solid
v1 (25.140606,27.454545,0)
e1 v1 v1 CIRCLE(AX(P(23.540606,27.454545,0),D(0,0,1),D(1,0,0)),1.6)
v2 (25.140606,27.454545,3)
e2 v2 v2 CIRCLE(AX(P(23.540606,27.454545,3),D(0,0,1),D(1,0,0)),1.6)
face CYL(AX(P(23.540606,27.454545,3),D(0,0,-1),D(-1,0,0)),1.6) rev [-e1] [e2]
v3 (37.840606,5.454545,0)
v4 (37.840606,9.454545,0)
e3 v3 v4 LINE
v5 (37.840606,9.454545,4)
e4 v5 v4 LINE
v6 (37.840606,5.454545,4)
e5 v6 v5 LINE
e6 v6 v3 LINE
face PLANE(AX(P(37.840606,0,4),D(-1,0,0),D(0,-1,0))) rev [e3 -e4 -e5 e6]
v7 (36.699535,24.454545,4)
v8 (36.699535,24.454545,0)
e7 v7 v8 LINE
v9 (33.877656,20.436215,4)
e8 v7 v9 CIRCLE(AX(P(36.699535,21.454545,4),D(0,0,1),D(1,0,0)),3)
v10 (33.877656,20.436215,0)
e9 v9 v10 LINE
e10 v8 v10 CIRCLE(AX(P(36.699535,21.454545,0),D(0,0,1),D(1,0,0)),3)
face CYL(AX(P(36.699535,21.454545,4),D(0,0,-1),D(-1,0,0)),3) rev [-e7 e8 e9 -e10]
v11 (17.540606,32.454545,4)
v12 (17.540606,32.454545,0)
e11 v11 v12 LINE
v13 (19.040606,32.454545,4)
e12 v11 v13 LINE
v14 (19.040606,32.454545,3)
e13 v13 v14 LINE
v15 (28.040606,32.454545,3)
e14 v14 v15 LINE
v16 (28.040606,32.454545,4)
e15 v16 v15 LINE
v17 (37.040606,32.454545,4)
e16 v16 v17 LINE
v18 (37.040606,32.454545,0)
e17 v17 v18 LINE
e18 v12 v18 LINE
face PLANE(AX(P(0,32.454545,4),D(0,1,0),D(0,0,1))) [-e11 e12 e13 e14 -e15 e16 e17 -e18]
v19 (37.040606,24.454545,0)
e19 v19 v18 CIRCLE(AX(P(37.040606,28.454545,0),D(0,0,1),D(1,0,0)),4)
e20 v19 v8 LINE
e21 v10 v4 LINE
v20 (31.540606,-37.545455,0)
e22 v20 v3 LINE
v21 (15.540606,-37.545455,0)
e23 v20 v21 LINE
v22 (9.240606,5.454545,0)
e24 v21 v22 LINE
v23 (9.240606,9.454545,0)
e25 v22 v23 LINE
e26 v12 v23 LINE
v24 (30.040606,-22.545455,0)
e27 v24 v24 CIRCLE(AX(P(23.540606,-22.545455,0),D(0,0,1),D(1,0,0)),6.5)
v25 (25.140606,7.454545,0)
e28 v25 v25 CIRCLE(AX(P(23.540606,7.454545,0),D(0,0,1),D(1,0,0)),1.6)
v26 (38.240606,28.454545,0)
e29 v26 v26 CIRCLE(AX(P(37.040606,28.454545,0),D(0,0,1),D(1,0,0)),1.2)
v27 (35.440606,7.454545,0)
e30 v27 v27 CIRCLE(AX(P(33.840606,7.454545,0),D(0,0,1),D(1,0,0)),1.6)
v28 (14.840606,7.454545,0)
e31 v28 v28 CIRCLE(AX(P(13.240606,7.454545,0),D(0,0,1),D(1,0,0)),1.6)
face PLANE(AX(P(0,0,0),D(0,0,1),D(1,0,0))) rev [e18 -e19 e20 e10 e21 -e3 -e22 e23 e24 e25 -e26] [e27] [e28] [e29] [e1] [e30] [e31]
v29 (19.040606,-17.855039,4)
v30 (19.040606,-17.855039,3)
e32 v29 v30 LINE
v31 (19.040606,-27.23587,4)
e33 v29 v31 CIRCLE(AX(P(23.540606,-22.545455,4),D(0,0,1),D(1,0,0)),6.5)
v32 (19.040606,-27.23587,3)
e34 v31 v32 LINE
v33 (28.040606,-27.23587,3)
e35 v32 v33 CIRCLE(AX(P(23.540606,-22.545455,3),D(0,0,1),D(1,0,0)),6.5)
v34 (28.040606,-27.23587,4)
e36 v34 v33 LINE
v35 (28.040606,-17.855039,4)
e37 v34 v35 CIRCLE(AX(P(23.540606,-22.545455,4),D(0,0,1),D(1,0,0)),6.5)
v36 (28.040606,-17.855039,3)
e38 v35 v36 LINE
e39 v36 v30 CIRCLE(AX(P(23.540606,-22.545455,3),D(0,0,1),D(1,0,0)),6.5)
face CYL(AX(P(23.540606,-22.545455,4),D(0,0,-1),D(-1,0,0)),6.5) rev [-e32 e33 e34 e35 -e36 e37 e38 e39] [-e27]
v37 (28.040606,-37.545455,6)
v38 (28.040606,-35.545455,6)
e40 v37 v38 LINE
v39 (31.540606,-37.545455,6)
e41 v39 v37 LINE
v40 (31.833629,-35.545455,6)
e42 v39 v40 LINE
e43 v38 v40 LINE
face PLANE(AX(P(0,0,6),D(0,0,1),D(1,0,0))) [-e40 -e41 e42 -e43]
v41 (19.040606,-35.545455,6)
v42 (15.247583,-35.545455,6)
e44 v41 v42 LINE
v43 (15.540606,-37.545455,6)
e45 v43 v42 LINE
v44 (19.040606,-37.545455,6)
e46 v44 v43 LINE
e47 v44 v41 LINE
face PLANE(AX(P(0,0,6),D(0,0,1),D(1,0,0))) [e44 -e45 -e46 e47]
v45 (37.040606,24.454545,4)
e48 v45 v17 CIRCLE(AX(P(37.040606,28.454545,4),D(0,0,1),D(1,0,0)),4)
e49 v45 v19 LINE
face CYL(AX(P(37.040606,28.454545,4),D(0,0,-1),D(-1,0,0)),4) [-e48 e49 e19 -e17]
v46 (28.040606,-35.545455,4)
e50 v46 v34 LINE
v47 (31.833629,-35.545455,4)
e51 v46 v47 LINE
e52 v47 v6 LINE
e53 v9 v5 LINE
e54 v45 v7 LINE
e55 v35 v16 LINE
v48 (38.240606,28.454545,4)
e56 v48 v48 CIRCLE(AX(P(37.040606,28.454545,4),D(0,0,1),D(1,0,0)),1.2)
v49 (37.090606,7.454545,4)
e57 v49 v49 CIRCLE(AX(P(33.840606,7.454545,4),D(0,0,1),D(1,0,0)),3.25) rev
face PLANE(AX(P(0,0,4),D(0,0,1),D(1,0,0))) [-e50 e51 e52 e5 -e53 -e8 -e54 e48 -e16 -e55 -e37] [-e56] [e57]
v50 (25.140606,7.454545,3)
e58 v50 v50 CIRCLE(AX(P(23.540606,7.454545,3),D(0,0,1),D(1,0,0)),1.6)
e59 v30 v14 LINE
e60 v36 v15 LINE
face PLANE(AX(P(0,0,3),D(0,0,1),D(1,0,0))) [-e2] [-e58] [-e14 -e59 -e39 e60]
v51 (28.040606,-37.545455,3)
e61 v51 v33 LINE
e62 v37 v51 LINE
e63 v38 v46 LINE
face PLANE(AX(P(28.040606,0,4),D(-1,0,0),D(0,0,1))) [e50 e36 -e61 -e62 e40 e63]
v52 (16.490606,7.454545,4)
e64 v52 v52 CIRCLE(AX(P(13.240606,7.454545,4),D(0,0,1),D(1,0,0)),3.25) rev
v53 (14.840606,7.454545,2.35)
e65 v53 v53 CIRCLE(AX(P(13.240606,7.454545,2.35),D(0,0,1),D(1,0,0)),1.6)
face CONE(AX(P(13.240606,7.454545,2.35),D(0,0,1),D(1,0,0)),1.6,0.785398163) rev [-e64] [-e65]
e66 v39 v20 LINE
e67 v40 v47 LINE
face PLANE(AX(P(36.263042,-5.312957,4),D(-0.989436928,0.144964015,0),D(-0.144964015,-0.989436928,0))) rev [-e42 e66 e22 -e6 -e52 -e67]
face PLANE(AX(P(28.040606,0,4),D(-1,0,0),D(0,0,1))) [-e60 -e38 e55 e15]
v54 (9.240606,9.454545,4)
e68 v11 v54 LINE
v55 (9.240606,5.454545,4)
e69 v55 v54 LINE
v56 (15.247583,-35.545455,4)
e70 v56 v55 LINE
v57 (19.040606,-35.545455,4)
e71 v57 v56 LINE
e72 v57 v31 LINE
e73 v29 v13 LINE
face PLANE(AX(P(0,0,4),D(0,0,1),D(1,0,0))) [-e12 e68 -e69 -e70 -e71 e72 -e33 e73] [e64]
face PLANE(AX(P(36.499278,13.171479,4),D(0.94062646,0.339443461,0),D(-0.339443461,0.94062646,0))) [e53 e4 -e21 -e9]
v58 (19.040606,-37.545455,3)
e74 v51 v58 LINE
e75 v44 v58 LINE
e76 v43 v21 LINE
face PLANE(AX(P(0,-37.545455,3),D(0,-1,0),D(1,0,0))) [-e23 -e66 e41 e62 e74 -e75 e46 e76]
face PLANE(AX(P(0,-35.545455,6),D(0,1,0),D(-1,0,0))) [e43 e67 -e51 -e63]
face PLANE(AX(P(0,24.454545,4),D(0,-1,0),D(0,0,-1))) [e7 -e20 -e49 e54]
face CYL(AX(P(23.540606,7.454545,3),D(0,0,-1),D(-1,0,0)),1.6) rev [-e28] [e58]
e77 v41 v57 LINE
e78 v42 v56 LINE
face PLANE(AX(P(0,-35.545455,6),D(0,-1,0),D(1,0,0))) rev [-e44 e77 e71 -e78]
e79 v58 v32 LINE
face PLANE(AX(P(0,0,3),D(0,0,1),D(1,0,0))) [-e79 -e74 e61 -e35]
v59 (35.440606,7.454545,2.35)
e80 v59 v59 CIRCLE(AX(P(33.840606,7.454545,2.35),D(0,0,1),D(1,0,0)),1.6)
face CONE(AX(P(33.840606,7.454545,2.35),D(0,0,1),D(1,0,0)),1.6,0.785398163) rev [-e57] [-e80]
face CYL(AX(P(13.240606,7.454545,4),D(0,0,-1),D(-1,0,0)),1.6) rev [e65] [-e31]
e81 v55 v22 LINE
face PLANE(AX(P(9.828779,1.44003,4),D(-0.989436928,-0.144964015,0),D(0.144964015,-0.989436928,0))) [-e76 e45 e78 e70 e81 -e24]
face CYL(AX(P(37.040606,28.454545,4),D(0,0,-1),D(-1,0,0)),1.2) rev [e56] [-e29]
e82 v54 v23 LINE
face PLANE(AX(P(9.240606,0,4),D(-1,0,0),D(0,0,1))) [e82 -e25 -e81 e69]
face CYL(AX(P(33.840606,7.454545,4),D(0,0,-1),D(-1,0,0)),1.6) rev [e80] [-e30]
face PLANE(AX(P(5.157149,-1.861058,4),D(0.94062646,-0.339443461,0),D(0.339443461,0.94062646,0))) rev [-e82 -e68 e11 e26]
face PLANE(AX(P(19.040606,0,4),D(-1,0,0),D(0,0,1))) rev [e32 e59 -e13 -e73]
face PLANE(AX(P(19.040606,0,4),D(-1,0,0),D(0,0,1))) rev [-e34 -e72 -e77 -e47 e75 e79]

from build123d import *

# Parameters (mm, degrees)
MODEL_R           = 1.2
MODEL_R_2         = 1.6
EXTRUDE_1_DEPTH   = 4
EXTRUDE_1_2_DEPTH = 4
MODEL_11_R        = 1.6
EXTRUDE_3_DEPTH   = 3
EXTRUDE_4_DEPTH   = 6
CHAMFER_1_SIZE    = 1.65


with BuildPart() as part:
    # Model → 凸台-拉伸1 (new body)
    with BuildSketch(Plane.XY):
        with BuildLine():
            Line((36.699535099, 24.454545455), (37.040606061, 24.454545455))
            ThreePointArc((37.040606061, 24.454545455), (41.040606061, 28.454545455), (37.040606061, 32.454545455))
            Line((37.040606061, 32.454545455), (28.040606061, 32.454545455))
            Line((28.040606061, 32.454545455), (28.040606061, -17.855038786))
            ThreePointArc((28.040606061, -17.855038786), (30.040606061, -22.545454545), (28.040606061, -27.235870305))
            Line((28.040606061, -27.235870305), (28.040606061, -35.545454545))
            Line((28.04060606, -35.545454545), (31.833629316, -35.545454545))
            Line((31.833629316, -35.545454545), (37.840606061, 5.454545455))
            Line((37.840606061, 5.454545455), (37.840606061, 9.454545455))
            Line((37.840606061, 9.454545455), (33.877655721, 20.43621507))
            ThreePointArc((33.877655721, 20.43621507), (34.244439261, 23.178640702), (36.699535099, 24.454545455))
        make_face()
        with Locations((37.040606061, 28.454545455)):
            Circle(MODEL_R, mode=Mode.SUBTRACT)
        with Locations((33.840606061, 7.454545455)):
            Circle(MODEL_R_2, mode=Mode.SUBTRACT)
    extrude(amount=EXTRUDE_1_DEPTH)



with BuildPart() as body_2:
    # Model → Extrude 1 2 (new body)
    with BuildSketch(Plane.XY):
        with BuildLine():
            Line((19.040606061, -17.855038786), (19.040606061, 32.454545455))
            Line((19.040606061, 32.454545455), (17.540606061, 32.454545455))
            Line((17.540606061, 32.454545455), (9.240606061, 9.454545455))
            Line((9.240606061, 9.454545455), (9.240606061, 5.454545455))
            Line((9.240606061, 5.454545455), (15.247582805, -35.545454545))
            Line((15.247582805, -35.545454545), (19.040606061, -35.545454545))
            Line((19.040606061, -35.545454545), (19.040606061, -27.235870305))
            ThreePointArc((19.040606061, -27.235870305), (17.040606061, -22.545454545), (19.040606061, -17.855038786))
        make_face()
        with Locations((13.240606061, 7.454545455)):
            Circle(MODEL_R_2, mode=Mode.SUBTRACT)
    extrude(amount=EXTRUDE_1_2_DEPTH)


with BuildPart() as part_1:
    add(part.part)

    add(body_2.part)  # 凸台-拉伸3 merges body 2
    # Model<11> → 凸台-拉伸3 (add)
    # profile 1 of 4: a face of its own
    with BuildSketch(Plane.XY):
        with BuildLine():
            Line((28.040606061, -17.855038786), (28.040606061, 32.454545455))
            Line((28.040606061, 32.454545455), (19.040606061, 32.454545455))
            Line((19.040606061, 32.454545455), (19.040606061, -17.855038786))
            ThreePointArc((19.040606061, -17.855038786), (23.540606061, -16.045454545), (28.040606061, -17.855038786))
        make_face()
        with Locations((23.540606061, 7.454545455)):
            Circle(MODEL_11_R, mode=Mode.SUBTRACT)
        with Locations((23.540606061, 27.454545455)):
            Circle(MODEL_11_R, mode=Mode.SUBTRACT)
    # profile 2 of 4: a face of its own
    with BuildSketch(Plane.XY):
        with BuildLine():
            Line((28.040606061, -35.545454545), (28.040606061, -27.235870305))
            ThreePointArc((28.040606061, -27.235870305), (23.540606061, -29.045454545), (19.040606061, -27.235870305))
            Line((19.040606061, -27.235870305), (19.040606061, -35.545454545))
            Line((19.040606061, -35.545454545), (19.040606061, -37.545454545))
            Line((19.040606061, -37.545454545), (28.040606061, -37.545454545))
            Line((28.040606061, -37.545454545), (28.040606061, -35.545454545))
        make_face()
    # profile 3 of 4: a face of its own
    with BuildSketch(Plane.XY):
        Polygon((19.040606061, -37.545454545), (19.040606061, -35.545454545), (15.247582805, -35.545454545), (15.540606061, -37.545454545), align=None)
    # profile 4 of 4: a face of its own
    with BuildSketch(Plane.XY):
        Polygon((31.540606061, -37.545454545), (31.833629316, -35.545454545), (28.04060606, -35.545454545), (28.040606061, -37.545454545), align=None)
    extrude(amount=EXTRUDE_3_DEPTH)

    # Model<12> → 凸台-拉伸4 (add)
    with BuildSketch(Plane.XY):
        Polygon((19.040606061, -37.545454545), (19.040606061, -35.545454545), (15.247582805, -35.545454545), (15.540606061, -37.545454545), align=None)
        Polygon((31.540606061, -37.545454545), (31.833629316, -35.545454545), (28.04060606, -35.545454545), (28.040606061, -37.545454545), align=None)
    extrude(amount=EXTRUDE_4_DEPTH)

    # 倒角1
    chamfer_1_edges = [part_1.edges().sort_by_distance(p)[0] for p in [
        (32.240606061, 7.454545455, 4),
        (11.640606061, 7.454545455, 4),
    ]]
    chamfer(chamfer_1_edges, length=CHAMFER_1_SIZE)


solid = part_1.part
